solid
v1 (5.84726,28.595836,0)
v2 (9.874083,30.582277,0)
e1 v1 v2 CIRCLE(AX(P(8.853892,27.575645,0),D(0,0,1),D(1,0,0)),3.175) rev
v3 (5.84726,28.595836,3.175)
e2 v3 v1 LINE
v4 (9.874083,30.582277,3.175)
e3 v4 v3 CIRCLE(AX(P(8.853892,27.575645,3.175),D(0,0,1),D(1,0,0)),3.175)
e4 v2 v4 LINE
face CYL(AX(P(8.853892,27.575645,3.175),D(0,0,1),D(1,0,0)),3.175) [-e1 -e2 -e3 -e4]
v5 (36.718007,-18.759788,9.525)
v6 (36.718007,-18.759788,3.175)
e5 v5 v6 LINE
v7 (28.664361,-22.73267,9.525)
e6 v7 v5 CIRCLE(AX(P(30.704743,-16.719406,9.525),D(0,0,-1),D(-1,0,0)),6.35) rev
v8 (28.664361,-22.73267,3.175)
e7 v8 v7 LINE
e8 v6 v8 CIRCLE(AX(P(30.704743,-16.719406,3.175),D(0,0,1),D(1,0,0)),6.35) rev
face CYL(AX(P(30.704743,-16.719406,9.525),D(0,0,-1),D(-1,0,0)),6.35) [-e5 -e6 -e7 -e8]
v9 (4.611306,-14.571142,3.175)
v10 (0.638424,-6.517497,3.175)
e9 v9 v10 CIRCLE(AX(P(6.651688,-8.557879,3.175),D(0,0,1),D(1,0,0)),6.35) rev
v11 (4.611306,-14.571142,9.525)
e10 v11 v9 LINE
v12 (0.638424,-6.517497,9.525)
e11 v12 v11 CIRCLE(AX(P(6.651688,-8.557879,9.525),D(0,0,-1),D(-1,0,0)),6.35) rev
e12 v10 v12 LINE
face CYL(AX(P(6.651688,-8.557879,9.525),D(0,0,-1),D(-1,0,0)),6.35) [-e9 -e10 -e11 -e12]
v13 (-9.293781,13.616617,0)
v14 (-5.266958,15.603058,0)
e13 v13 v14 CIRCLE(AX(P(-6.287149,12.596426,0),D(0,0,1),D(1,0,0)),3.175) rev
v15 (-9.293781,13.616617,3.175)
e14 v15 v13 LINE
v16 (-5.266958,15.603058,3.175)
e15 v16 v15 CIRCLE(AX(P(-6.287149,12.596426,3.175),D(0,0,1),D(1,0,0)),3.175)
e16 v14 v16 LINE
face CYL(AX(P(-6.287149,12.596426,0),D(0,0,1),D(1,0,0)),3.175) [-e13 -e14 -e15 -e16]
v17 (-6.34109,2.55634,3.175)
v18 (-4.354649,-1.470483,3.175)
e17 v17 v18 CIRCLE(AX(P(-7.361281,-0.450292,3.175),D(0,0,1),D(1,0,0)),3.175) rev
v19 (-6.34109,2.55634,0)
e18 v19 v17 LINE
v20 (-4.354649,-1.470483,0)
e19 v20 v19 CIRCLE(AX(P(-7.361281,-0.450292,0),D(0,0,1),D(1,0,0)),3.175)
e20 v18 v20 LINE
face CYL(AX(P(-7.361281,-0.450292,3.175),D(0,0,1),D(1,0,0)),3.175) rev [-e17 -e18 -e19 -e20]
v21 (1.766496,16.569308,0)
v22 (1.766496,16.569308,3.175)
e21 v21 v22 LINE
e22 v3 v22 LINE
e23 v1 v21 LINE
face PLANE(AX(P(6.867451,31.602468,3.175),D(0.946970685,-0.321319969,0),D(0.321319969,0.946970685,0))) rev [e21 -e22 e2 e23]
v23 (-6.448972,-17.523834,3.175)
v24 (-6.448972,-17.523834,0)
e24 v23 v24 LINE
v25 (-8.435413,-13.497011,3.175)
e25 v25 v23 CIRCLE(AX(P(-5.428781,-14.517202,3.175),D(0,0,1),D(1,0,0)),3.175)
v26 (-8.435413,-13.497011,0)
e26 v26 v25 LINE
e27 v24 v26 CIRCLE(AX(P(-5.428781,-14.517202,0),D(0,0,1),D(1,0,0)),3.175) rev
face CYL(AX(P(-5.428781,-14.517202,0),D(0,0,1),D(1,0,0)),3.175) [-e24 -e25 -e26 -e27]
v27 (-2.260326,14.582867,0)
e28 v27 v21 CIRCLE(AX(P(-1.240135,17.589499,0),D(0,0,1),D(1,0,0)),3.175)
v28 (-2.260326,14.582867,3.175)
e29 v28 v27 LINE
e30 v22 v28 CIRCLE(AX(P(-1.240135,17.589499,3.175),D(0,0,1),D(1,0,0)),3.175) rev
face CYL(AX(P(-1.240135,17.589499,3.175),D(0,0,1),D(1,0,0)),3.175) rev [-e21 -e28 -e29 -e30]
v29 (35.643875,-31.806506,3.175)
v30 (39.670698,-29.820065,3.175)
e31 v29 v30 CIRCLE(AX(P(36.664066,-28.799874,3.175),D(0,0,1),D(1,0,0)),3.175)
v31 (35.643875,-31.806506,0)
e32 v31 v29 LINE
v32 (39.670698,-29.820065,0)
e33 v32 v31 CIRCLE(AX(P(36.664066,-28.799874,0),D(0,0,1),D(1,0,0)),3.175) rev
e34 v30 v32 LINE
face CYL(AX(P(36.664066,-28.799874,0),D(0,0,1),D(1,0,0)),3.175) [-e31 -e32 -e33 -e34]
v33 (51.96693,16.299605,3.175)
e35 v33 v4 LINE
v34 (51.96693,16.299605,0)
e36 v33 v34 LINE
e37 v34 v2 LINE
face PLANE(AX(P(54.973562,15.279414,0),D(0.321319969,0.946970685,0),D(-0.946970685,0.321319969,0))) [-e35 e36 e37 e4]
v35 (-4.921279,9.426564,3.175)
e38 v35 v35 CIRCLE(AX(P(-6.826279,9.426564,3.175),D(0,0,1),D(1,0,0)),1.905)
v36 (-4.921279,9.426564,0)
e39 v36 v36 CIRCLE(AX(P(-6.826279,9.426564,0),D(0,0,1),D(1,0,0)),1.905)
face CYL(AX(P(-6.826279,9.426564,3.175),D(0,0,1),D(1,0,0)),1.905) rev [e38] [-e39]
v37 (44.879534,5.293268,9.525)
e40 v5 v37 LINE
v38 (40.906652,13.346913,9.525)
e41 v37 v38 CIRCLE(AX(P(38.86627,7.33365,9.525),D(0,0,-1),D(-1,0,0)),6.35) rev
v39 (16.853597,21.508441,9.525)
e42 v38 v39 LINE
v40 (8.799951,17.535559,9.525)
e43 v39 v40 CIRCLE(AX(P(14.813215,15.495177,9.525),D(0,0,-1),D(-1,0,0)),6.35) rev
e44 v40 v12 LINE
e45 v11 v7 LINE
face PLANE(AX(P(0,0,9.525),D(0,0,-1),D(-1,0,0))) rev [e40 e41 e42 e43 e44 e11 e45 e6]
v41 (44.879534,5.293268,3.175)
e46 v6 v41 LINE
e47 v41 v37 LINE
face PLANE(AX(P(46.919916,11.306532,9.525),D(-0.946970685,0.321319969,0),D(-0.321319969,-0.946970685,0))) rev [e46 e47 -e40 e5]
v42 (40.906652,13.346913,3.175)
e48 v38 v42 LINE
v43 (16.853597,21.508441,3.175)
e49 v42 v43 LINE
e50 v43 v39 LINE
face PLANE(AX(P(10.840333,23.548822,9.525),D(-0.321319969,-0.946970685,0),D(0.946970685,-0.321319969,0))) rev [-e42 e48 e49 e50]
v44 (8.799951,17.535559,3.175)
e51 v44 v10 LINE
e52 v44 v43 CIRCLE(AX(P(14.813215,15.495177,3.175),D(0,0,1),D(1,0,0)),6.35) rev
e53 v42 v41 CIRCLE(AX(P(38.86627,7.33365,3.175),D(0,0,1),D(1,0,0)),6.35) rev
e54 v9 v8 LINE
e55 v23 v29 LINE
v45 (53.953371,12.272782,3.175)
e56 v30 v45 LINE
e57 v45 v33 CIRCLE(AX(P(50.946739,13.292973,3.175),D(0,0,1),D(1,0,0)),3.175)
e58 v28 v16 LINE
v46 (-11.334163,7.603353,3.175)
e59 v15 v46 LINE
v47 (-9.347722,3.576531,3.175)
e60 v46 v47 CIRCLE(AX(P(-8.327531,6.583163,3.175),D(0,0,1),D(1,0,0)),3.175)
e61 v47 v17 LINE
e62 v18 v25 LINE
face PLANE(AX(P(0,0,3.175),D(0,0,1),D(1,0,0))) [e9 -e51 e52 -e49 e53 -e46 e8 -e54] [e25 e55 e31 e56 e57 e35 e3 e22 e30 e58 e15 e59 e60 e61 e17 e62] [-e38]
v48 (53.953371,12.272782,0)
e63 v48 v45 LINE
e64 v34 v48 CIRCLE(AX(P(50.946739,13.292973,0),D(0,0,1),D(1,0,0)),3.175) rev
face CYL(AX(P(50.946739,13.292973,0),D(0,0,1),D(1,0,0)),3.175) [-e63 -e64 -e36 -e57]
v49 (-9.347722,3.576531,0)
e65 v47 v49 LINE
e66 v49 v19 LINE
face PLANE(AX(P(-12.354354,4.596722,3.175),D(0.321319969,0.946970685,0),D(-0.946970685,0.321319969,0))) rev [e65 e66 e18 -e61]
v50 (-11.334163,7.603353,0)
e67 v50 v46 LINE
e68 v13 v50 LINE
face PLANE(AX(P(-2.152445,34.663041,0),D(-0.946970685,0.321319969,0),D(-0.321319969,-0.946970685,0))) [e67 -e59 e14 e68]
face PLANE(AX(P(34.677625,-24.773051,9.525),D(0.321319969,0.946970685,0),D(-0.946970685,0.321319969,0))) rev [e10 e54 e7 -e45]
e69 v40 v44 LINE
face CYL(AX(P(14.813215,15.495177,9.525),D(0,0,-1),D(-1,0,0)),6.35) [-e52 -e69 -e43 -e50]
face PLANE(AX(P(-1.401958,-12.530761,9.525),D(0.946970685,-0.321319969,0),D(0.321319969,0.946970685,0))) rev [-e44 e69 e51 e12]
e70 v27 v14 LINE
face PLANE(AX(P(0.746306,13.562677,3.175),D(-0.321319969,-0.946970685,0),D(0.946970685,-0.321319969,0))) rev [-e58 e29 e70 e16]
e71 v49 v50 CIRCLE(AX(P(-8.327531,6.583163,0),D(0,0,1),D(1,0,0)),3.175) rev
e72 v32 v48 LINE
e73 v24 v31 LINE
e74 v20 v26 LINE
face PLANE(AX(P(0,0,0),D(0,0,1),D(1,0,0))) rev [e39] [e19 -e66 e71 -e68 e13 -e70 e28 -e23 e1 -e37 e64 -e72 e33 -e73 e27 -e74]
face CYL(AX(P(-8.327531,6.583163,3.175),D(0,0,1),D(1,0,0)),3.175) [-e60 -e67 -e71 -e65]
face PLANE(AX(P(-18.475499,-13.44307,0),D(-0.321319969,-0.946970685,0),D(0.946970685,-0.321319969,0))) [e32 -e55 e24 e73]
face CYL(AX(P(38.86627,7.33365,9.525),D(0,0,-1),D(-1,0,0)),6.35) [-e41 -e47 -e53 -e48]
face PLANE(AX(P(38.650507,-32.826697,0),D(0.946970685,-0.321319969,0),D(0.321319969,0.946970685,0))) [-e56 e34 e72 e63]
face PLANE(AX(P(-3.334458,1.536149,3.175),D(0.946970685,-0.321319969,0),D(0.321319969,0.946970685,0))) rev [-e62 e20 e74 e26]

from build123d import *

# Parameters (mm, degrees)
BOSS_EXTRUDE1_DEPTH    = 3.175
CUT_EXTRUDE1_DEPTH     = 66.066884919
CUT_EXTRUDE2_DEPTH     = 65.107450137
BOSS_EXTRUDE2_DEPTH    = 6.35
M3_5_CLEARANCE_HOLE1_D = 3.81
FILLET1_R              = 3.175
FILLET2_R              = 6.35


with BuildPart() as part:
    # Sketch1 → Boss-Extrude1 (new body)
    with BuildSketch(Plane.XY.offset(3.175)):
        Polygon((54.97356176, 15.279413628), (-2.152444785, 34.663040771), (-18.475499222, -13.443070004), (38.650507323, -32.826697147), align=None)
    extrude(amount=-BOSS_EXTRUDE1_DEPTH)

    # Sketch2 → Cut-Extrude1 (cut, through all)
    with BuildSketch(Plane(origin=(0, 0, 0), x_dir=(-1, 0, 0), z_dir=(0, 0, -1))):
        Polygon((2.152444785, 34.663040771), (-6.867450985, 31.602468064), (-0.746305571, 13.562676524), (8.273590199, 16.62324923), align=None)
    extrude(amount=-CUT_EXTRUDE1_DEPTH, mode=Mode.SUBTRACT)

    # Sketch3 → Cut-Extrude2 (cut, through all)
    with BuildSketch(Plane(origin=(0, 0, 0), x_dir=(-1, 0, 0), z_dir=(0, 0, -1))):
        Polygon((18.475499222, -13.443070004), (12.354353808, 4.596721537), (3.334458038, 1.53614883), (9.455603451, -16.503642711), align=None)
    extrude(amount=-CUT_EXTRUDE2_DEPTH, mode=Mode.SUBTRACT)

    # Sketch4 → Boss-Extrude2 (add)
    with BuildSketch(Plane.XY.offset(3.175)):
        Polygon((46.919916108, 11.306531586), (34.677625281, -24.773051496), (-1.4019578, -12.530760668), (10.840333027, 23.548822413), align=None)
    extrude(amount=BOSS_EXTRUDE2_DEPTH)

    # M3.5 Clearance Hole1 (through all)
    with Locations(Plane.XY.offset(3.175)):
        with Locations((-6.826278972, 9.426563937)):
            Hole(M3_5_CLEARANCE_HOLE1_D / 2)

    # Fillet1
    fillet1_edges = [part.edges().sort_by_distance(p)[0] for p in [
        (-8.273590199, 16.62324923, 1.5875),
        (0.746305571, 13.562676524, 1.5875),
        (6.867450985, 31.602468064, 1.5875),
        (-9.455603451, -16.503642711, 1.5875),
        (-3.334458038, 1.53614883, 1.5875),
        (-12.354353808, 4.596721537, 1.5875),
        (38.650507323, -32.826697147, 1.5875),
        (54.97356176, 15.279413628, 1.5875),
    ]]
    fillet(fillet1_edges, radius=FILLET1_R)

    # Fillet2
    fillet2_edges = [part.edges().sort_by_distance(p)[0] for p in [
        (46.919916108, 11.306531586, 6.35),
        (10.840333027, 23.548822413, 6.35),
        (-1.4019578, -12.530760668, 6.35),
        (34.677625281, -24.773051496, 6.35),
    ]]
    fillet(fillet2_edges, radius=FILLET2_R)


solid = part.part
